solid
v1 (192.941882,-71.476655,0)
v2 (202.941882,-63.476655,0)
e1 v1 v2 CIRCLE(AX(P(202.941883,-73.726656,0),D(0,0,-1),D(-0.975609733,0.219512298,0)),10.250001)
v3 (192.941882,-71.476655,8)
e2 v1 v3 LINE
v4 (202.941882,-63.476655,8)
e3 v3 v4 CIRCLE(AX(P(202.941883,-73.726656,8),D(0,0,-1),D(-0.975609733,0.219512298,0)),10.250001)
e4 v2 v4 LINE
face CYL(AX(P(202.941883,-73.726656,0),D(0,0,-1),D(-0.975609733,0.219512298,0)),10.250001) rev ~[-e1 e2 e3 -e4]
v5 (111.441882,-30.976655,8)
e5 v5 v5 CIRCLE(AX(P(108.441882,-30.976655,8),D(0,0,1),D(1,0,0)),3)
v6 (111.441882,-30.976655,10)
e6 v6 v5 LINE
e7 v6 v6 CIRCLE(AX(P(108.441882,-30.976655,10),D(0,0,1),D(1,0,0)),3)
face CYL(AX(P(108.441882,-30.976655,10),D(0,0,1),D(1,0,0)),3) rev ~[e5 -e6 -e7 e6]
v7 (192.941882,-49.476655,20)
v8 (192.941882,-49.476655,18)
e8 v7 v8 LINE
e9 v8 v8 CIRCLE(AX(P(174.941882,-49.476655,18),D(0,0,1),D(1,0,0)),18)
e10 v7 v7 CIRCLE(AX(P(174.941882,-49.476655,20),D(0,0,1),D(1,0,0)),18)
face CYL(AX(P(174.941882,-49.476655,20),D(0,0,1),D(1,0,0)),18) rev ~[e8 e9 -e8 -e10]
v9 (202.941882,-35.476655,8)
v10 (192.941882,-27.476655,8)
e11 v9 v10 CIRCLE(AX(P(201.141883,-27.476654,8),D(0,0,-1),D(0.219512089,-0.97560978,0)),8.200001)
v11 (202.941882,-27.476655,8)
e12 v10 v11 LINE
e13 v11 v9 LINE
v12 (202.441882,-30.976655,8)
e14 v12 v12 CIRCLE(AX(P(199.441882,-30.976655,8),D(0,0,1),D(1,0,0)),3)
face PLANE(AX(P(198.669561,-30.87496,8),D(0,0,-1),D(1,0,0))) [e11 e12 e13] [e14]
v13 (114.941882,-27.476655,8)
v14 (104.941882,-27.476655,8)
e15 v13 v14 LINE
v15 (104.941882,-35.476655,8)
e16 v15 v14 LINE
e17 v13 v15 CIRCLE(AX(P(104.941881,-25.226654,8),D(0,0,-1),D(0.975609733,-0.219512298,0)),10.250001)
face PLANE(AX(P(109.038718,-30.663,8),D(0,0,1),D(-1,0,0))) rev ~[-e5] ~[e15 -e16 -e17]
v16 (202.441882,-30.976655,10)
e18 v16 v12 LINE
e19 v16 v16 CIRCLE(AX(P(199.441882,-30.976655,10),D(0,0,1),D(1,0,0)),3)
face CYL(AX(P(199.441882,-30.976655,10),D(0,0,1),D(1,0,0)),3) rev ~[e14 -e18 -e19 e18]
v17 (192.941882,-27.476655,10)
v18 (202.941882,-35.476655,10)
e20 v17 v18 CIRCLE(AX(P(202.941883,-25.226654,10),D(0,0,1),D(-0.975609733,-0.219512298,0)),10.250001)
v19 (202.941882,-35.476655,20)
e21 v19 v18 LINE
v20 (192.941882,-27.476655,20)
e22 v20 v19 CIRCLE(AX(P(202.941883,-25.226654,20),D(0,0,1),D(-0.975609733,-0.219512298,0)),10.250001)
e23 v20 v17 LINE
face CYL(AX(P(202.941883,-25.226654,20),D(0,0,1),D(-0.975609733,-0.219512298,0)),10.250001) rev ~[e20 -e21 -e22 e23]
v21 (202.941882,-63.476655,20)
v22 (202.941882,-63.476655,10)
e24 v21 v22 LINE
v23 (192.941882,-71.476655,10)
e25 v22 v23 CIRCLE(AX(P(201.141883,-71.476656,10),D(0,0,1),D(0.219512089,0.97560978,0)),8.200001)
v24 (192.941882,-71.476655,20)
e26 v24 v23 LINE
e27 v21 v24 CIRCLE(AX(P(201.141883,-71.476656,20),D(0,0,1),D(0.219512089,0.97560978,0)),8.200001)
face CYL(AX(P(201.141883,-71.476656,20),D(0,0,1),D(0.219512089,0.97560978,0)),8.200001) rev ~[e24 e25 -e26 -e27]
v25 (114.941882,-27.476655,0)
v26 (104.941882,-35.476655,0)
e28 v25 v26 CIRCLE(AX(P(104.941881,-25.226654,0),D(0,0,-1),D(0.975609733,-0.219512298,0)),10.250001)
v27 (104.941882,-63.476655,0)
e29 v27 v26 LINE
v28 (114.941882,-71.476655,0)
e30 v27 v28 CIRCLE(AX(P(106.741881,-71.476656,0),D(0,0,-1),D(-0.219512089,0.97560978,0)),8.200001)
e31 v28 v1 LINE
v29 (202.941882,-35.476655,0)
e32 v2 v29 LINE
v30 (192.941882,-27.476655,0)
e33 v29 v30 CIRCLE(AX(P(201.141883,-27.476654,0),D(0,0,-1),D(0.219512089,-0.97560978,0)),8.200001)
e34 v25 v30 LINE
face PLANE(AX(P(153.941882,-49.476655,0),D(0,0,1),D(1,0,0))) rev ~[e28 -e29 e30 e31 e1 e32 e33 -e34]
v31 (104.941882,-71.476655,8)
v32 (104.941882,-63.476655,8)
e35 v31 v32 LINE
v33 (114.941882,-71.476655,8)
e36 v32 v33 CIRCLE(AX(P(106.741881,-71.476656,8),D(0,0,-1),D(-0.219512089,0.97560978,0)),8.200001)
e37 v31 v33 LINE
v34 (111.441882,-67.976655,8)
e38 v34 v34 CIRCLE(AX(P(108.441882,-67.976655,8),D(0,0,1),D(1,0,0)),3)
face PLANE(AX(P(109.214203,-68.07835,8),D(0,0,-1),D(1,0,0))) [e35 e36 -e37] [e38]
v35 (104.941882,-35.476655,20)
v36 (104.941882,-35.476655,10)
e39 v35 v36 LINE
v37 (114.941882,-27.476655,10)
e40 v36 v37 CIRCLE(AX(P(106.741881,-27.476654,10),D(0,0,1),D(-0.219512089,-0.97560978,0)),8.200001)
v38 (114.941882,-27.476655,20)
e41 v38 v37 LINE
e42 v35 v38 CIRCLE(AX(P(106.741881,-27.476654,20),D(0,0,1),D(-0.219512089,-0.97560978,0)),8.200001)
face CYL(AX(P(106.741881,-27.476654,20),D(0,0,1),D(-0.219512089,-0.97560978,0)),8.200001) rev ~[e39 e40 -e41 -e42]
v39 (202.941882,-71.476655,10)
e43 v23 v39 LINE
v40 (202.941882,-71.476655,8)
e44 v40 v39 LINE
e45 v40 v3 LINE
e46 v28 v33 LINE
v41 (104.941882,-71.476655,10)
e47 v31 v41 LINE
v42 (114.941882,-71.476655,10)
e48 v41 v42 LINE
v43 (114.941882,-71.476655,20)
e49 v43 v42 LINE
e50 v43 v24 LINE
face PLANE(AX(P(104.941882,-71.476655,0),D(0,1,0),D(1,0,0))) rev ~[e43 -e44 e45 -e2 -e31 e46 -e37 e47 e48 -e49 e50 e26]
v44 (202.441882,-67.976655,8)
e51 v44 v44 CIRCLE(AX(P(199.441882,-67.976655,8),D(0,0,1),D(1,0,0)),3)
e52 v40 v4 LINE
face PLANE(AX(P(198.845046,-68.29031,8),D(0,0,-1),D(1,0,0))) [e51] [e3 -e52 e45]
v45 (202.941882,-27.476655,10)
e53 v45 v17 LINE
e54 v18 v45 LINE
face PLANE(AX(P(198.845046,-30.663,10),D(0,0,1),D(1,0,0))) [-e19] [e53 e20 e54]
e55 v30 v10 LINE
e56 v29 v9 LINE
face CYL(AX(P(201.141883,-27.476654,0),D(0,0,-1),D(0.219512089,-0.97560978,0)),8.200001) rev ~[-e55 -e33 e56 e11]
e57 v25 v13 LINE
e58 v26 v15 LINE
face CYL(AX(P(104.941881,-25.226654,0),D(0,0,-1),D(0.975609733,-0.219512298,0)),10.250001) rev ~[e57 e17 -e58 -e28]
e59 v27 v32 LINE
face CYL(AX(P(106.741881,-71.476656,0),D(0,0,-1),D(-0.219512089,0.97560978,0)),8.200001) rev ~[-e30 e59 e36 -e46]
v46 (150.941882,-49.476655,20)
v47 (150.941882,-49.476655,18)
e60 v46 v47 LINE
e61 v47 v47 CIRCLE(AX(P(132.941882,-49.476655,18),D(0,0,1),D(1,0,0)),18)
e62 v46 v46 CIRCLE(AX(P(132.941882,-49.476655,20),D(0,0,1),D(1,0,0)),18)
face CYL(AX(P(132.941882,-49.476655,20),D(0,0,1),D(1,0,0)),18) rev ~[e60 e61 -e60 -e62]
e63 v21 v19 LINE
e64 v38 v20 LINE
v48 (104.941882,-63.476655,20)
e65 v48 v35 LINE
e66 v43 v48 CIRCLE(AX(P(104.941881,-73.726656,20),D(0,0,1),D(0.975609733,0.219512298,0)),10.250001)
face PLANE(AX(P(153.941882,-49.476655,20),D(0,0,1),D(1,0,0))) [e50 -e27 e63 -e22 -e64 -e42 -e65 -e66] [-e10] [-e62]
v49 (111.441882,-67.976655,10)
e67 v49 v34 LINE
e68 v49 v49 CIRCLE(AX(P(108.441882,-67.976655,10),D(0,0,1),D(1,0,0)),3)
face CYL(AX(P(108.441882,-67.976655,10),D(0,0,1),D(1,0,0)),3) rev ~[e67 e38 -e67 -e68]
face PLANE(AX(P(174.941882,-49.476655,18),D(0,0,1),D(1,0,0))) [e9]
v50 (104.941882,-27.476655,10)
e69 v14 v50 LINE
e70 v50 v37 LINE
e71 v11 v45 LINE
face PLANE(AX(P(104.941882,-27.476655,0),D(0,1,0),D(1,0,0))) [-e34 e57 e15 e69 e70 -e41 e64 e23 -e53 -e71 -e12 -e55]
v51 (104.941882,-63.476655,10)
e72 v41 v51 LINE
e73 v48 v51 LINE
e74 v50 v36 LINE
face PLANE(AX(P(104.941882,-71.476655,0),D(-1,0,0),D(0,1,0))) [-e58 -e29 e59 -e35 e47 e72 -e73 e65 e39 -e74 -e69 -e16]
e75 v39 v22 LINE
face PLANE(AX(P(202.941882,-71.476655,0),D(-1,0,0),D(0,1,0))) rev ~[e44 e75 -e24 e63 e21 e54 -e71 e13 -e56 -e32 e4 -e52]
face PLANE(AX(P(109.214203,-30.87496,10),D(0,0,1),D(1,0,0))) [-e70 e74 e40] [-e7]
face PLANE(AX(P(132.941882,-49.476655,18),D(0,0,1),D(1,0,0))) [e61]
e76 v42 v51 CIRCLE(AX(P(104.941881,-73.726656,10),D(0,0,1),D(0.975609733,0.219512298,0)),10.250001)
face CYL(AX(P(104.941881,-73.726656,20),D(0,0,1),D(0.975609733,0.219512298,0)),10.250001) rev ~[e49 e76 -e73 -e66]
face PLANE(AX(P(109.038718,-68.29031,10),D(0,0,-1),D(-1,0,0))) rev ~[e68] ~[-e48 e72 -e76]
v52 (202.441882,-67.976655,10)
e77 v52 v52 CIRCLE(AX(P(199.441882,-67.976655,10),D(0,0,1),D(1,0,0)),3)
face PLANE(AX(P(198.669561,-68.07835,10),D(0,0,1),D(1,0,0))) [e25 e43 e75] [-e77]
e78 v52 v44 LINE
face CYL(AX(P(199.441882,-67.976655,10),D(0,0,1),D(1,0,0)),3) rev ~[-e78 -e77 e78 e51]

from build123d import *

# Parameters (mm, degrees)
SKETCH007_W     = 98
SKETCH007_H     = 44
PAD002_DEPTH    = 20
POCKET004_DEPTH = 10
POCKET005_DEPTH = 8
SKETCH010_R     = 3
HOLE001_DEPTH   = 25
SKETCH011_R     = 18
POCKET006_DEPTH = 2


with BuildPart() as part:
    # Sketch007 → Pad002 (new body)
    with BuildSketch(Plane.XY):
        with Locations((49, 22)):
            Rectangle(SKETCH007_W, SKETCH007_H)
    extrude(amount=PAD002_DEPTH)

    # Sketch009 (on Face6 of Pad002) → Pocket004 (cut)
    with BuildSketch(Plane.XY.offset(20)):
        with BuildLine():
            Line((0, 44), (0, 36))
            ThreePointArc((0, 36), (6.922499, 37.596876), (10, 44))
            Line((0, 44), (10, 44))
        make_face()
        with BuildLine():
            Line((0, 0), (0, 8))
            ThreePointArc((10, 0), (6.403124, 5.753905), (0, 8))
            Line((0, 0), (10, 0))
        make_face()
        with BuildLine():
            Line((98, 36), (98, 44))
            Line((98, 44), (88, 44))
            ThreePointArc((88, 44), (91.596876, 38.246095), (98, 36))
        make_face()
        with BuildLine():
            Line((88, 0), (98, 0))
            Line((98, 0), (98, 8))
            ThreePointArc((98, 8), (91.077501, 6.403124), (88, 0))
        make_face()
    extrude(amount=-POCKET004_DEPTH, mode=Mode.SUBTRACT)

    # Sketch008 (on Face2 of Pocket004) → Pocket005 (cut)
    with BuildSketch(Plane(origin=(0, 0, 0), x_dir=(1, 0, 0), z_dir=(0, 0, -1))):
        with BuildLine():
            Line((10, -44), (0, -44))
            Line((0, -36), (0, -44))
            ThreePointArc((10, -44), (6.403124, -38.246095), (0, -36))
        make_face()
        with BuildLine():
            Line((0, 0), (0, -8))
            ThreePointArc((0, -8), (6.922499, -6.403124), (10, 0))
            Line((0, 0), (10, 0))
        make_face()
        with BuildLine():
            Line((98, 0), (88, 0))
            ThreePointArc((88, 0), (91.596876, -5.753905), (98, -8))
            Line((98, 0), (98, -8))
        make_face()
        with BuildLine():
            Line((88, -44), (98, -44))
            Line((98, -44), (98, -36))
            ThreePointArc((98, -36), (91.077501, -37.596876), (88, -44))
        make_face()
    extrude(amount=-POCKET005_DEPTH, mode=Mode.SUBTRACT)

    # Sketch010 (on Face21 of Pocket005) → Hole001 (cut)
    with BuildSketch(Plane.XY.offset(10)):
        with Locations((3.5, 3.5)):
            Circle(SKETCH010_R)
        with Locations((3.5, 40.5)):
            Circle(SKETCH010_R)
        with Locations((94.5, 40.5)):
            Circle(SKETCH010_R)
        with Locations((94.5, 3.5)):
            Circle(SKETCH010_R)
    extrude(amount=-HOLE001_DEPTH, mode=Mode.SUBTRACT)

    # Sketch011 (on Face8 of Hole001) → Pocket006 (cut)
    with BuildSketch(Plane.XY.offset(20)):
        with Locations((28, 22)):
            Circle(SKETCH011_R)
        with Locations((70, 22)):
            Circle(SKETCH011_R)
    extrude(amount=-POCKET006_DEPTH, mode=Mode.SUBTRACT)


with BuildPart() as part_1:
    # Body002 placement: moved
    add(part.part.moved(Location((104.941882, -71.476655, 0))))


solid = part_1.part
